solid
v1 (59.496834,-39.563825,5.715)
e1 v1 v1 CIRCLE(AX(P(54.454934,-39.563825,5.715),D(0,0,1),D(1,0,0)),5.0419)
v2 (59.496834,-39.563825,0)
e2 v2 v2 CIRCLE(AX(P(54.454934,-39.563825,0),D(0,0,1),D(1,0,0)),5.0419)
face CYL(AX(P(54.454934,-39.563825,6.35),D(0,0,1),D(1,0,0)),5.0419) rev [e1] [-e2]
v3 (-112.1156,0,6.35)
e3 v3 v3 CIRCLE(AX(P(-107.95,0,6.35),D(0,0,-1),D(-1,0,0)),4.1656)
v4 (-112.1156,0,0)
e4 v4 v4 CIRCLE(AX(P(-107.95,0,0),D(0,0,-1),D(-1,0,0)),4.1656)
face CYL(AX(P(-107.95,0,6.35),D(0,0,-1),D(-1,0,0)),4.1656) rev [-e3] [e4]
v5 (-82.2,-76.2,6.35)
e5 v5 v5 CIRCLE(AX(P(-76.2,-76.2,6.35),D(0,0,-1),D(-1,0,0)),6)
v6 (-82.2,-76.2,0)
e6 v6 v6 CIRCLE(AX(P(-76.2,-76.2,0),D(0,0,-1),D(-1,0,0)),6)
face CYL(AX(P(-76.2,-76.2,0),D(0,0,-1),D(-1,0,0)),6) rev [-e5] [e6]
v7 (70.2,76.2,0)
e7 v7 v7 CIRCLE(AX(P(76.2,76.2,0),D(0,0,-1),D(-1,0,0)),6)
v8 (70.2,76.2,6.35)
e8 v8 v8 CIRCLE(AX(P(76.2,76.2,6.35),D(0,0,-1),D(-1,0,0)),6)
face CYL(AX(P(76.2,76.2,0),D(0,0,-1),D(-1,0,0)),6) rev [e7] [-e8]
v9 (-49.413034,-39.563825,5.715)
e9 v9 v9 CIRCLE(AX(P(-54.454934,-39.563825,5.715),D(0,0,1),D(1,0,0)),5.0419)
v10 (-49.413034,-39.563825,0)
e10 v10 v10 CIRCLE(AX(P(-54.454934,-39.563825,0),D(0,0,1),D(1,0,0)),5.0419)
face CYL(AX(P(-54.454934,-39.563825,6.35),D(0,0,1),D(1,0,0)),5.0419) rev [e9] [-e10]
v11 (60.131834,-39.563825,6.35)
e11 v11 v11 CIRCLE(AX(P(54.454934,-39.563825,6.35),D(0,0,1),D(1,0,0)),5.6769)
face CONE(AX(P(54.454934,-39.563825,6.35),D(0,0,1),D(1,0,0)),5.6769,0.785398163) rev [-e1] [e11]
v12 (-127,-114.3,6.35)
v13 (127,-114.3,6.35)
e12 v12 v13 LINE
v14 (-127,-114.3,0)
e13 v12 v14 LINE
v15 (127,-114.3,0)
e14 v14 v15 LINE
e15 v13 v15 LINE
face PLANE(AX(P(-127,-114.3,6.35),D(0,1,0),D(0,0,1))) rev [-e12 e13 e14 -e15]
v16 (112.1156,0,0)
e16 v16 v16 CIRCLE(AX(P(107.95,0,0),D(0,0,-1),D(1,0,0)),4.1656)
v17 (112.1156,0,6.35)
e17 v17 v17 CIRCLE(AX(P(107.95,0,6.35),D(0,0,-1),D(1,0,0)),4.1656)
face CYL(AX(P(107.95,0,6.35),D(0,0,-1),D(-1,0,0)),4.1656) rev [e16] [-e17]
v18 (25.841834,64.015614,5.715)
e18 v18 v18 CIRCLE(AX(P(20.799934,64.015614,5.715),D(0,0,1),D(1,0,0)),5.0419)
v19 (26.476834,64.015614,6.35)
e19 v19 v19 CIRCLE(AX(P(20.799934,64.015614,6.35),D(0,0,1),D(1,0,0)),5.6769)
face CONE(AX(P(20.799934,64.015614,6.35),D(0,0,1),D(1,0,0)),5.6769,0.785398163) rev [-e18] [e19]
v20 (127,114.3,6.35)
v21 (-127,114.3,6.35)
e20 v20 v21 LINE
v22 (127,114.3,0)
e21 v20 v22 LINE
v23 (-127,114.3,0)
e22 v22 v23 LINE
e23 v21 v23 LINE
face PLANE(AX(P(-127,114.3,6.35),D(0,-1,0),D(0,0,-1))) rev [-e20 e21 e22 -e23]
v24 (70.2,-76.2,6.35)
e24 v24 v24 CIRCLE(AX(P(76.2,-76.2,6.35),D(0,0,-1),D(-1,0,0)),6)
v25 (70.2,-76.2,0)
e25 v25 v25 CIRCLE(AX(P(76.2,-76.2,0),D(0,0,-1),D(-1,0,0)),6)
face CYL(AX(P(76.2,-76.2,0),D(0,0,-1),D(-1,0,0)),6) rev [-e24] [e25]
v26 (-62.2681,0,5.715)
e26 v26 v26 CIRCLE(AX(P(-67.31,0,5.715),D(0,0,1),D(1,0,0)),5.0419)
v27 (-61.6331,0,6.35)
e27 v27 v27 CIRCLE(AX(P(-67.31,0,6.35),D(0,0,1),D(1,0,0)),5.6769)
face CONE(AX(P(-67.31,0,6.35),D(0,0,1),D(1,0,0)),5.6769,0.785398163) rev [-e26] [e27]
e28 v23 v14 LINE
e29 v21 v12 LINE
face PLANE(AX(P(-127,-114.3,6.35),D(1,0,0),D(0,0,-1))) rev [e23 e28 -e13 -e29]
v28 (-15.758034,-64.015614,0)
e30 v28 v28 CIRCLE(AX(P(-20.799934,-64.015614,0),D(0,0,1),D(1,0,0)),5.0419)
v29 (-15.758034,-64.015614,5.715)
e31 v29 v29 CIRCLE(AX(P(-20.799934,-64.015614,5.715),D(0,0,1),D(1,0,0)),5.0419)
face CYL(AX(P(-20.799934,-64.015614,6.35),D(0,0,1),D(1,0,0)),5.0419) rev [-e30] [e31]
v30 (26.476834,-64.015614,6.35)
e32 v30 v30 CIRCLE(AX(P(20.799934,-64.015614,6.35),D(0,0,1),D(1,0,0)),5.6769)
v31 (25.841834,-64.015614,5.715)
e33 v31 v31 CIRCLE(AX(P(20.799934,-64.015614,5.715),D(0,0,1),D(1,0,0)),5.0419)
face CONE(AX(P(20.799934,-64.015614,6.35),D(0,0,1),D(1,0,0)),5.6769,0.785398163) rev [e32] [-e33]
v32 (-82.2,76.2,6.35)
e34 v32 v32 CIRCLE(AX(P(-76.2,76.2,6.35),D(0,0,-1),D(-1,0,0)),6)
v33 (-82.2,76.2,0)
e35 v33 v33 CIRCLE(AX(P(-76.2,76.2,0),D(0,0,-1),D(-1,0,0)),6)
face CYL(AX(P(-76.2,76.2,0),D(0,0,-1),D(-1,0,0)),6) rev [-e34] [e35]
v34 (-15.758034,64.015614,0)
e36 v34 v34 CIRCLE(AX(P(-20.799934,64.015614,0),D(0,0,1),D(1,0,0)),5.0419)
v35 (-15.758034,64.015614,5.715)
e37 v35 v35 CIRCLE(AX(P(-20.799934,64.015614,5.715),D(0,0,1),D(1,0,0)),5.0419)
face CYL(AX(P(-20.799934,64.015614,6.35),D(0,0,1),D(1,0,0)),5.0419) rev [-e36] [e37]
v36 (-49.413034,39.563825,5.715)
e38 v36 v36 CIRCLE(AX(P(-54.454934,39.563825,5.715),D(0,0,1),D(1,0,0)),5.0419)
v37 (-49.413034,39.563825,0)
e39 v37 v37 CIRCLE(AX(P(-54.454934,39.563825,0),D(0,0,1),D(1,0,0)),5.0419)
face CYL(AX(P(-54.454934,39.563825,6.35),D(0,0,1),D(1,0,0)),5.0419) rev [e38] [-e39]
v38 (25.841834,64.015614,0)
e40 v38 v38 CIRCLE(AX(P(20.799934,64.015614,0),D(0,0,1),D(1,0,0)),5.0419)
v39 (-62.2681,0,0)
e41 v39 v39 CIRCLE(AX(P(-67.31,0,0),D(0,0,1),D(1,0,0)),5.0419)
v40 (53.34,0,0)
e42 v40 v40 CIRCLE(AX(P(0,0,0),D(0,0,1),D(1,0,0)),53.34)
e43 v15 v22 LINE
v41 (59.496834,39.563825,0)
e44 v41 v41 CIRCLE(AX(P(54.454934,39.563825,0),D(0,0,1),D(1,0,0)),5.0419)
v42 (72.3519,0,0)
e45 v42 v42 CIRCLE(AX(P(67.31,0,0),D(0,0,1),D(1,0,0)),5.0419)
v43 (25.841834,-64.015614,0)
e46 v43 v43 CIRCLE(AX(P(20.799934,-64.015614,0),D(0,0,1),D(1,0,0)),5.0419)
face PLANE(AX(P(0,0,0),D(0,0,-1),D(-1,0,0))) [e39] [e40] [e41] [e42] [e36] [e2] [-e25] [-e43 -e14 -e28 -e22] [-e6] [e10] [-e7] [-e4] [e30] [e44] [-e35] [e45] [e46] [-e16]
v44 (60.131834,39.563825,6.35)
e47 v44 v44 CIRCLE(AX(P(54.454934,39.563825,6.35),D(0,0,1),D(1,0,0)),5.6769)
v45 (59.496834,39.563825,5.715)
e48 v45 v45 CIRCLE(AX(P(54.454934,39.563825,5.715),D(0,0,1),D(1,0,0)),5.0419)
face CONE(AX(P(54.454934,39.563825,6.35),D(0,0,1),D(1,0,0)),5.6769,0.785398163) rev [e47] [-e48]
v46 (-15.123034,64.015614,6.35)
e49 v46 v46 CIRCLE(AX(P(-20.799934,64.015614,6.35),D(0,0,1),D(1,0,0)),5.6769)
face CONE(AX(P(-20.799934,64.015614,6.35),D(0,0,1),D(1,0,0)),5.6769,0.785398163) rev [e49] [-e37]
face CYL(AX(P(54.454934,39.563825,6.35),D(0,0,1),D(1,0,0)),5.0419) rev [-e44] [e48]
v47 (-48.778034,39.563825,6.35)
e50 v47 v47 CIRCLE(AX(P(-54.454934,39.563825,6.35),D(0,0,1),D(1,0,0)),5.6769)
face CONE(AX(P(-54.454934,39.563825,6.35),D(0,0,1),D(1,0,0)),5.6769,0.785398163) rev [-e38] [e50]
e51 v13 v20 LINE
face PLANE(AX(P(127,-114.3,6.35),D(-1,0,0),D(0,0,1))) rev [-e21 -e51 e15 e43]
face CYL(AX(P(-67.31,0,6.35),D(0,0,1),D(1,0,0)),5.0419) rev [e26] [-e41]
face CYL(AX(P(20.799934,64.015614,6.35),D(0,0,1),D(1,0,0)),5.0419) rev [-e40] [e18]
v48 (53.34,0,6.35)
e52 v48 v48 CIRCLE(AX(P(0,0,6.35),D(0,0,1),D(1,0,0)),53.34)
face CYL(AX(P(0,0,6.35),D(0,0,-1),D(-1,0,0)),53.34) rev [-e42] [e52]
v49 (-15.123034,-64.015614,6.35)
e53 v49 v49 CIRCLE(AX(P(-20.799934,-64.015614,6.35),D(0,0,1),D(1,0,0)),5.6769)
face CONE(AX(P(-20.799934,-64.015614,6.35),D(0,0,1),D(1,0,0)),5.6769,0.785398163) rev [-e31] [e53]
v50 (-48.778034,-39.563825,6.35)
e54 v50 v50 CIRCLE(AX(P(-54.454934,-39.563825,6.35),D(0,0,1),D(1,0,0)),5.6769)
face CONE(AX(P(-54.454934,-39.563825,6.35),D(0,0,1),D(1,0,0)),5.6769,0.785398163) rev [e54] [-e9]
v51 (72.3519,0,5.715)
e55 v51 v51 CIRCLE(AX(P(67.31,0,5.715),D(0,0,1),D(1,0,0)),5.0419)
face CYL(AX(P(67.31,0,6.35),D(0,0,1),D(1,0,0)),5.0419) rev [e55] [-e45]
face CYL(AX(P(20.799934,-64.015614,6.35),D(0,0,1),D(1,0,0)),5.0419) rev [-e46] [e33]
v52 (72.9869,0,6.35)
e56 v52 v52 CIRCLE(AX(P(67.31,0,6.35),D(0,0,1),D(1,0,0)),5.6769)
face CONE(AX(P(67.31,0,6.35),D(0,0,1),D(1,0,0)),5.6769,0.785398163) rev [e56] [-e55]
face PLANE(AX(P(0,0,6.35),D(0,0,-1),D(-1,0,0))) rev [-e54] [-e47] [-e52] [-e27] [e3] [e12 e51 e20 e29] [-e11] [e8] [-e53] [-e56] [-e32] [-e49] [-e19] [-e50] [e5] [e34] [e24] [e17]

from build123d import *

# Parameters (mm, degrees)
SKETCH1_W                         = 254
SKETCH1_H                         = 228.6
SKETCH1_R                         = 53.34
BOSS_EXTRUDE1_DEPTH               = 6.35
F_3_8_CLEARANCE_HOLE1_D           = 10.0838
F_3_8_CLEARANCE_HOLE1_CSINK_D     = 11.3538
F_3_8_CLEARANCE_HOLE1_CSINK_ANGLE = 90
F_12_0_12_DIAMETER_HOLE1_D        = 12
SKETCH11_R                        = 4.1656
CUT_EXTRUDE1_DEPTH                = 171.978982627


with BuildPart() as part:
    # Sketch1 → Boss-Extrude1 (new body)
    with BuildSketch(Plane.XY):
        Rectangle(SKETCH1_W, SKETCH1_H)
        Circle(SKETCH1_R, mode=Mode.SUBTRACT)
    extrude(amount=BOSS_EXTRUDE1_DEPTH)

    # 3/8 Clearance Hole1 (through all)
    with Locations(Plane.XY.offset(6.35)):
        with Locations((-54.454933891, -39.563825332), (-67.31, 0), (-54.454933891, 39.563825332), (-20.799933891, 64.015614112), (20.799933891, 64.015614112), (54.454933891, 39.563825332), (67.31, 0), (54.454933891, -39.563825332), (20.799933891, -64.015614112), (-20.799933891, -64.015614112)):
            CounterSinkHole(F_3_8_CLEARANCE_HOLE1_D / 2, F_3_8_CLEARANCE_HOLE1_CSINK_D / 2, counter_sink_angle=F_3_8_CLEARANCE_HOLE1_CSINK_ANGLE)

    # Ø12.0 (12) Diameter Hole1 (through all)
    with Locations(Plane(origin=(0, 0, 0), x_dir=(-1, 0, 0), z_dir=(0, 0, -1))):
        with Locations((76.2, 76.2), (76.2, -76.2), (-76.2, -76.2), (-76.2, 76.2)):
            Hole(F_12_0_12_DIAMETER_HOLE1_D / 2)

    # Sketch11 → Cut-Extrude1 (cut, through all)
    with BuildSketch(Plane(origin=(0, 0, 0), x_dir=(-1, 0, 0), z_dir=(0, 0, -1))):
        with Locations((107.95, 0)):
            Circle(SKETCH11_R)
        with Locations(Location((-107.95, 0, 0), (0, 0, 180))):
            Circle(SKETCH11_R)
    extrude(amount=-CUT_EXTRUDE1_DEPTH, mode=Mode.SUBTRACT)


solid = part.part
